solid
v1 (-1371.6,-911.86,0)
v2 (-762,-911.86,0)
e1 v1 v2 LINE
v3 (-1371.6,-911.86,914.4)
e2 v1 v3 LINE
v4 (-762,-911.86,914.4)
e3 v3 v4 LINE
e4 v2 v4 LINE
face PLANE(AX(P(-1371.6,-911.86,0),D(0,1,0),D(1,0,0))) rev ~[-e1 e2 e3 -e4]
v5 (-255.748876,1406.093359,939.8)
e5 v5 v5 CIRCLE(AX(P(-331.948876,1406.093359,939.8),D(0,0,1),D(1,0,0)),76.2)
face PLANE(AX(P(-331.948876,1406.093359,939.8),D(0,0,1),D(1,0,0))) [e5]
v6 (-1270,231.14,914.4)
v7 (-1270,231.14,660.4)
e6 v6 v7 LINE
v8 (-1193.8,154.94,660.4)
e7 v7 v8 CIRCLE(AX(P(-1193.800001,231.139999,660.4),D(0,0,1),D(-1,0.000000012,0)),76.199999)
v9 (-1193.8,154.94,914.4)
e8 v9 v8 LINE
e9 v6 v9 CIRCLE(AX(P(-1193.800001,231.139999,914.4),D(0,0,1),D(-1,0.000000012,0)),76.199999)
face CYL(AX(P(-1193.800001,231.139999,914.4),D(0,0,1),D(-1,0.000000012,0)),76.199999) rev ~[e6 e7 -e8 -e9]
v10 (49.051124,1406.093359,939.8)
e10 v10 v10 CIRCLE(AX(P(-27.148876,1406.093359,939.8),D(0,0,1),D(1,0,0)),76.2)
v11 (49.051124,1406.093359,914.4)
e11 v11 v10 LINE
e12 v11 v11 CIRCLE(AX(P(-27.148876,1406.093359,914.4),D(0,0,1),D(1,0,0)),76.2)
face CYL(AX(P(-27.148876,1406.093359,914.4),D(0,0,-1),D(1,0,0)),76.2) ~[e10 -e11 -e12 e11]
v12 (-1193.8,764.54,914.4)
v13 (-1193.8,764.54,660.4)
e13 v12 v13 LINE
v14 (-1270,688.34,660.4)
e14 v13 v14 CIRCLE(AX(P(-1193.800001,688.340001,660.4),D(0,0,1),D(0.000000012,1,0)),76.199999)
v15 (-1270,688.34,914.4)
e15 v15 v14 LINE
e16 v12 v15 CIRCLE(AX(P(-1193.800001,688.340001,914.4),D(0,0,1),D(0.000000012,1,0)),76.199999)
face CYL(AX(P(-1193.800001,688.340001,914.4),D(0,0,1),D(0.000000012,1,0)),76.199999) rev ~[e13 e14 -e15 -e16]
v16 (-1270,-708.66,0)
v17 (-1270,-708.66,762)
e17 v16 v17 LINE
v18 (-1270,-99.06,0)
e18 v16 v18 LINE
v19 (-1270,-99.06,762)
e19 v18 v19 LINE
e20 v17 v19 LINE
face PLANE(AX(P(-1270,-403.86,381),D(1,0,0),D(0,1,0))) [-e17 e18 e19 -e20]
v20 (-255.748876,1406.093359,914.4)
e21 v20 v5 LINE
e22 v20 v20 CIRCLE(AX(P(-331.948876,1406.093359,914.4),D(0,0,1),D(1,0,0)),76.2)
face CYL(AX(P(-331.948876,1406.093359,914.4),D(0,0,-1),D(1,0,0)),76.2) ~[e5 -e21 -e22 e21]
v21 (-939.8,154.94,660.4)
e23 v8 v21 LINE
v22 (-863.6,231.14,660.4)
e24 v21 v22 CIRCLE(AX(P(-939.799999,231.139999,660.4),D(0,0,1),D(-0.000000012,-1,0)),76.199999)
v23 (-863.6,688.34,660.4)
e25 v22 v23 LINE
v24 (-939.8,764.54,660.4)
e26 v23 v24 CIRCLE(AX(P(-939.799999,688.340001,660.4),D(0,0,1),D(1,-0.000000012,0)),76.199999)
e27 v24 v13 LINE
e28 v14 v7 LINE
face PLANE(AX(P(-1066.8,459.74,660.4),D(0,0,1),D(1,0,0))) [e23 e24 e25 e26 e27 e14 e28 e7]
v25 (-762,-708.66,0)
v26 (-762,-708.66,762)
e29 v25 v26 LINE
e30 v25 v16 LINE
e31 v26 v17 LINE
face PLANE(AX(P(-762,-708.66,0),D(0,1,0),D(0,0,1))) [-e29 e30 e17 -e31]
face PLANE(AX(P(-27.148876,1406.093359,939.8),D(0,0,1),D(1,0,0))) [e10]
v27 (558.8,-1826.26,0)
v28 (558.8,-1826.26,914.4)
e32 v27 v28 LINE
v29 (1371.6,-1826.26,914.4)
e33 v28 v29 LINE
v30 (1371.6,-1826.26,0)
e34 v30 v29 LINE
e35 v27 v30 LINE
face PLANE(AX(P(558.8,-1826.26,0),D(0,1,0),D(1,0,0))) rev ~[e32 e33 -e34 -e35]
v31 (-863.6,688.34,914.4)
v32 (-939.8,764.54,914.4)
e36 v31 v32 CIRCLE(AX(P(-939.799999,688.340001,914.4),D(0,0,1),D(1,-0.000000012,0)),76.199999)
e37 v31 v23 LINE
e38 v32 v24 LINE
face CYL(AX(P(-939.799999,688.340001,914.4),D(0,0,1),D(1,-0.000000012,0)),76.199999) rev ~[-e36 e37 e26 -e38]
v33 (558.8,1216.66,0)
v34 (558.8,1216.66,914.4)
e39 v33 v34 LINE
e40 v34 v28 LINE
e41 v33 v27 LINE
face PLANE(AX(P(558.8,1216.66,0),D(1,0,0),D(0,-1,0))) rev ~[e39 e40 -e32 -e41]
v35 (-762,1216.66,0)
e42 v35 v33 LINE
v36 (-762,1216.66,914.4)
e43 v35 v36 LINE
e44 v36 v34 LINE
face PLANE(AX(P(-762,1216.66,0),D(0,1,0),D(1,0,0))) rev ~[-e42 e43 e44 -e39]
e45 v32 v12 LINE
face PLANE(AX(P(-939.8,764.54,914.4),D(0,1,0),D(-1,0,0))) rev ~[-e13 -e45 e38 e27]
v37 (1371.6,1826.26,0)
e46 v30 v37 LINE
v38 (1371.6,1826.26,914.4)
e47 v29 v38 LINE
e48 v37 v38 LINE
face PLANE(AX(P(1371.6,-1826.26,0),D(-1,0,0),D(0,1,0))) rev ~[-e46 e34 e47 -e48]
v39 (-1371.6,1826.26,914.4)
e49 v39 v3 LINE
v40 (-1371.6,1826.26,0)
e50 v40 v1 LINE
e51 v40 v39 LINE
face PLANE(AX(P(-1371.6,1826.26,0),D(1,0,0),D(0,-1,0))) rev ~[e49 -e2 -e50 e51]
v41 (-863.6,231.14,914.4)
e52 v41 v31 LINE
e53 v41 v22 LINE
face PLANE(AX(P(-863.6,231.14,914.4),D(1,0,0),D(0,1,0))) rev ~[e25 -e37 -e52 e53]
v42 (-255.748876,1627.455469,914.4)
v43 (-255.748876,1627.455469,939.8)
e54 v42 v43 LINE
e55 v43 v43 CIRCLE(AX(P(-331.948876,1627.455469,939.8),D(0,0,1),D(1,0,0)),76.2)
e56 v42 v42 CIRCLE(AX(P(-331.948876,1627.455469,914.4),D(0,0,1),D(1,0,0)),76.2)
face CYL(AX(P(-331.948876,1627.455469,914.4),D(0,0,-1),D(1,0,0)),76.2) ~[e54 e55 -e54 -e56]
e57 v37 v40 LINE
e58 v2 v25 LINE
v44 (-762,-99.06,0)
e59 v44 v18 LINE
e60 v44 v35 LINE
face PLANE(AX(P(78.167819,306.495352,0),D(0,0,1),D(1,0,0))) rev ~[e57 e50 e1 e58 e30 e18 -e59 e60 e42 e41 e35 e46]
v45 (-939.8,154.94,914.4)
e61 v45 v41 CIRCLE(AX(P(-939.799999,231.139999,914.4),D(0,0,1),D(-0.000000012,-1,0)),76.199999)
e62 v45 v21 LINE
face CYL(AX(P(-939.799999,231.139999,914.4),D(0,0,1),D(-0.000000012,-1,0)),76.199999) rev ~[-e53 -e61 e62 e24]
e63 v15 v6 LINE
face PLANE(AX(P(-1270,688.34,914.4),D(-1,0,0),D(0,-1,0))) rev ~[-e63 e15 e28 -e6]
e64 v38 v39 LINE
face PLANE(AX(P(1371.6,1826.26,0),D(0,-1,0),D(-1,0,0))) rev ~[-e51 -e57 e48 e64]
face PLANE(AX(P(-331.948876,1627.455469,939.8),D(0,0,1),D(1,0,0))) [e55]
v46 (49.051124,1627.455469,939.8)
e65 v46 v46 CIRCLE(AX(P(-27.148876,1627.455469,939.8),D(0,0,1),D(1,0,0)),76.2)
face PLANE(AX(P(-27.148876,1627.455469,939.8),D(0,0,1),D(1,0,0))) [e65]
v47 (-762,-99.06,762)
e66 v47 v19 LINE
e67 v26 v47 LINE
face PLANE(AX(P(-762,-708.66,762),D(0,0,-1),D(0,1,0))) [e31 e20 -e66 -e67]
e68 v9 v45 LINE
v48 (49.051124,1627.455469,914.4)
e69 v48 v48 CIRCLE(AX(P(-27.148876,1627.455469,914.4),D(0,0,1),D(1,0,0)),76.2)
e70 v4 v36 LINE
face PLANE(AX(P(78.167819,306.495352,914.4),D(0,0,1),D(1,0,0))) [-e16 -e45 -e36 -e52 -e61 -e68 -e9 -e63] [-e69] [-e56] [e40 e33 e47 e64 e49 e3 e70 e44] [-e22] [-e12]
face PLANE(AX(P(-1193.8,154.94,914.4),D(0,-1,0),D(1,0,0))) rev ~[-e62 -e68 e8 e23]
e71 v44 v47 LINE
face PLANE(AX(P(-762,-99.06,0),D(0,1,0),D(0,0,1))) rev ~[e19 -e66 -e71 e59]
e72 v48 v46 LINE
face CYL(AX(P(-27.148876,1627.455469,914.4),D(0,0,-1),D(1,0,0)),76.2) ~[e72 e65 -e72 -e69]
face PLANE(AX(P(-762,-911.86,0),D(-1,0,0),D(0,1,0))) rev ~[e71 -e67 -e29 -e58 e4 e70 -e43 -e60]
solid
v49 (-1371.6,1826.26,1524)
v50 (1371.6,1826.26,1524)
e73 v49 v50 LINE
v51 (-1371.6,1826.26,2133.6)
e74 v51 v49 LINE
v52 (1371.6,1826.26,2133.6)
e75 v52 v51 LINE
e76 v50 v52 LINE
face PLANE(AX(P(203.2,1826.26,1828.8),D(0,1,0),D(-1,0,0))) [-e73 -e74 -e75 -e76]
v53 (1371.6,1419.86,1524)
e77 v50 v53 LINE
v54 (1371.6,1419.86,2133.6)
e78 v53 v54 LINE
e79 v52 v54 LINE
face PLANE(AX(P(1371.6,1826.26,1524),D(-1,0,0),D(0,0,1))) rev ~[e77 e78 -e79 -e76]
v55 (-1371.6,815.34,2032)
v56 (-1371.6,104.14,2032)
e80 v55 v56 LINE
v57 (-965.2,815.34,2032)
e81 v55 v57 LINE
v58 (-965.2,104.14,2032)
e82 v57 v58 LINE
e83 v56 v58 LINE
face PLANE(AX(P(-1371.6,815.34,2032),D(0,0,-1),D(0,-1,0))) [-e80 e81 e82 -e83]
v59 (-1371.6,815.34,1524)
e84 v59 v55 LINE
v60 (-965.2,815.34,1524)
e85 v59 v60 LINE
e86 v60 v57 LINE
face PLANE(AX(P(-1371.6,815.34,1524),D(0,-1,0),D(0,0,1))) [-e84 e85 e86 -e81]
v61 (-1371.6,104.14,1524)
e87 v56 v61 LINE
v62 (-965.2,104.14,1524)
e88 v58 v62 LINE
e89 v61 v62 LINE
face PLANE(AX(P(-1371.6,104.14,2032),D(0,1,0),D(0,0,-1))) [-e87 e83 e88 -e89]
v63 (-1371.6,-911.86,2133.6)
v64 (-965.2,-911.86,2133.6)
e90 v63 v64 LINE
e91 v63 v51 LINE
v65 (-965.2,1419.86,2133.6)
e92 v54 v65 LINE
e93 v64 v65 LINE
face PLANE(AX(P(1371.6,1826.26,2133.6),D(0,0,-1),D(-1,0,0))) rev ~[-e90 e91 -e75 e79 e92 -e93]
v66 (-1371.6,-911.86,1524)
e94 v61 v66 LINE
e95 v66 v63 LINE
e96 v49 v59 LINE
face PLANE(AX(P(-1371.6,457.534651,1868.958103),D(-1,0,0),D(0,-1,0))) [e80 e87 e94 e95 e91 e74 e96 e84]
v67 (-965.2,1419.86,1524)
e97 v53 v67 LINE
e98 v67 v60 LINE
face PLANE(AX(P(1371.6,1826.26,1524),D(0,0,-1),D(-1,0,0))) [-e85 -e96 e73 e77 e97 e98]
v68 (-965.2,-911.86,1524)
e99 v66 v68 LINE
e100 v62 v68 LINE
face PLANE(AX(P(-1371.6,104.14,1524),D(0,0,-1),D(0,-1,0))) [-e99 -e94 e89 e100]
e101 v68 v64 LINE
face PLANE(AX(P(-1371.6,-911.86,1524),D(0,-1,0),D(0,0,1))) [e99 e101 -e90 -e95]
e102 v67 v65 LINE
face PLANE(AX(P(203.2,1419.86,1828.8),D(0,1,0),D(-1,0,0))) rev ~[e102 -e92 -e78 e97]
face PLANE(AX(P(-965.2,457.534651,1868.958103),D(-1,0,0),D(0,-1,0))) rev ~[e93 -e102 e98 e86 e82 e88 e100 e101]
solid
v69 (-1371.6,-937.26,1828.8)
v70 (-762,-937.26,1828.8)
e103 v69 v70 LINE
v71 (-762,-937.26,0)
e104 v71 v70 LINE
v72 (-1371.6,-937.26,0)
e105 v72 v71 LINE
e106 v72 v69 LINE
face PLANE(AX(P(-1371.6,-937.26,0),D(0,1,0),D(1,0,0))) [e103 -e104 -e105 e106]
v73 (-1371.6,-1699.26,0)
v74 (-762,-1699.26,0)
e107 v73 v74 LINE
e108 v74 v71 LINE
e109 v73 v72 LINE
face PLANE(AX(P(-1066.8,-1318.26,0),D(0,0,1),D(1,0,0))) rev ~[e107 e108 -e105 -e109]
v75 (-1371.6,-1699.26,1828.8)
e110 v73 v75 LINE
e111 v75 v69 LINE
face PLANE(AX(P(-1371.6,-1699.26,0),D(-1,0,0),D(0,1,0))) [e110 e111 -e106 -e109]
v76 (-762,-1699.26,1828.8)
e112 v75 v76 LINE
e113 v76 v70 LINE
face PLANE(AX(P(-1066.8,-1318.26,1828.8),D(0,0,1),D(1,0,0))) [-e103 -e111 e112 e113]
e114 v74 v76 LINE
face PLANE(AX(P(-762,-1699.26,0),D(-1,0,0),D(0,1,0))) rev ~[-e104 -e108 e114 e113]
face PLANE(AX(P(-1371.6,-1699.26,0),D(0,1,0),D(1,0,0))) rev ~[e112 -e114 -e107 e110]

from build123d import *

# Parameters (mm, degrees)
F1_DEPTH  = 914.4
F2_W      = 609.6
F2_H      = 762
F3_DEPTH  = 1828.8
F4_W      = 609.6
F4_H      = 762
F5_DEPTH  = 508
F7_DEPTH  = 254
F8_R      = 76.2
F9_DEPTH  = 25.4
F11_DEPTH = 406.4
F12_W     = 2336.8
F12_H     = 609.6
F13_DEPTH = 406.4


with BuildPart() as f1:
    # F0 (on Top) → F1 (new body)
    with BuildSketch(Plane.XY):
        Polygon((558.8, -1826.26), (1371.6, -1826.26), (1371.6, 1826.26), (-1371.6, 1826.26), (-1371.6, -911.86), (-762, -911.86), (-762, 1216.66), (558.8, 1216.66), align=None)
    extrude(amount=F1_DEPTH)

    # F4 (on face) → F5 (cut)
    with BuildSketch(Plane.YZ.offset(-762)):
        with Locations((-403.86, 381)):
            Rectangle(F4_W, F4_H)
    extrude(amount=-F5_DEPTH, mode=Mode.SUBTRACT)

    # F6 (on face) → F7 (cut)
    with BuildSketch(Plane.XY.offset(914.4)):
        with BuildLine():
            ThreePointArc((-1270, 231.14), (-1247.681537, 177.258463), (-1193.8, 154.94))
            Line((-1193.8, 154.94), (-939.8, 154.94))
            ThreePointArc((-939.8, 154.94), (-885.918463, 177.258463), (-863.6, 231.14))
            Line((-863.6, 231.14), (-863.6, 688.34))
            ThreePointArc((-863.6, 688.34), (-885.918463, 742.221537), (-939.8, 764.54))
            Line((-939.8, 764.54), (-1193.8, 764.54))
            ThreePointArc((-1193.8, 764.54), (-1247.681537, 742.221537), (-1270, 688.34))
            Line((-1270, 688.34), (-1270, 231.14))
        make_face()
    extrude(amount=-F7_DEPTH, mode=Mode.SUBTRACT)

    # F8 (on face) → F9 (join)
    with BuildSketch(Plane.XY.offset(914.4)):
        with Locations((-331.948876, 1406.093359)):
            Circle(F8_R)
        with Locations((-331.948876, 1627.455469)):
            Circle(F8_R)
        with Locations((-27.148876, 1406.093359)):
            Circle(F8_R)
        with Locations((-27.148876, 1627.455469)):
            Circle(F8_R)
    extrude(amount=F9_DEPTH)


with BuildPart() as f3:
    # F2 (on Top) → F3 (new body)
    with BuildSketch(Plane.XY):
        with Locations((-1066.8, -1318.26)):
            Rectangle(F2_W, F2_H)
    extrude(amount=F3_DEPTH)


with BuildPart() as f11:
    # F10 (on face) → F11 (new body)
    with BuildSketch(Plane(origin=(-1371.6, 0, 0), x_dir=(0, -1, 0), z_dir=(-1, 0, 0))):
        Polygon((911.86, 2133.6), (-1826.26, 2133.6), (-1826.26, 1524), (-815.34, 1524), (-815.34, 2032), (-104.14, 2032), (-104.14, 1524), (911.86, 1524), align=None)
    extrude(amount=-F11_DEPTH)

    # F12 (on face) → F13 (join)
    with BuildSketch(Plane(origin=(0, 1826.26, 0), x_dir=(-1, 0, 0), z_dir=(0, 1, 0))):
        with Locations((-203.2, 1828.8)):
            Rectangle(F12_W, F12_H)
    extrude(amount=-F13_DEPTH)


solid = Compound([f1.part, f3.part, f11.part])
